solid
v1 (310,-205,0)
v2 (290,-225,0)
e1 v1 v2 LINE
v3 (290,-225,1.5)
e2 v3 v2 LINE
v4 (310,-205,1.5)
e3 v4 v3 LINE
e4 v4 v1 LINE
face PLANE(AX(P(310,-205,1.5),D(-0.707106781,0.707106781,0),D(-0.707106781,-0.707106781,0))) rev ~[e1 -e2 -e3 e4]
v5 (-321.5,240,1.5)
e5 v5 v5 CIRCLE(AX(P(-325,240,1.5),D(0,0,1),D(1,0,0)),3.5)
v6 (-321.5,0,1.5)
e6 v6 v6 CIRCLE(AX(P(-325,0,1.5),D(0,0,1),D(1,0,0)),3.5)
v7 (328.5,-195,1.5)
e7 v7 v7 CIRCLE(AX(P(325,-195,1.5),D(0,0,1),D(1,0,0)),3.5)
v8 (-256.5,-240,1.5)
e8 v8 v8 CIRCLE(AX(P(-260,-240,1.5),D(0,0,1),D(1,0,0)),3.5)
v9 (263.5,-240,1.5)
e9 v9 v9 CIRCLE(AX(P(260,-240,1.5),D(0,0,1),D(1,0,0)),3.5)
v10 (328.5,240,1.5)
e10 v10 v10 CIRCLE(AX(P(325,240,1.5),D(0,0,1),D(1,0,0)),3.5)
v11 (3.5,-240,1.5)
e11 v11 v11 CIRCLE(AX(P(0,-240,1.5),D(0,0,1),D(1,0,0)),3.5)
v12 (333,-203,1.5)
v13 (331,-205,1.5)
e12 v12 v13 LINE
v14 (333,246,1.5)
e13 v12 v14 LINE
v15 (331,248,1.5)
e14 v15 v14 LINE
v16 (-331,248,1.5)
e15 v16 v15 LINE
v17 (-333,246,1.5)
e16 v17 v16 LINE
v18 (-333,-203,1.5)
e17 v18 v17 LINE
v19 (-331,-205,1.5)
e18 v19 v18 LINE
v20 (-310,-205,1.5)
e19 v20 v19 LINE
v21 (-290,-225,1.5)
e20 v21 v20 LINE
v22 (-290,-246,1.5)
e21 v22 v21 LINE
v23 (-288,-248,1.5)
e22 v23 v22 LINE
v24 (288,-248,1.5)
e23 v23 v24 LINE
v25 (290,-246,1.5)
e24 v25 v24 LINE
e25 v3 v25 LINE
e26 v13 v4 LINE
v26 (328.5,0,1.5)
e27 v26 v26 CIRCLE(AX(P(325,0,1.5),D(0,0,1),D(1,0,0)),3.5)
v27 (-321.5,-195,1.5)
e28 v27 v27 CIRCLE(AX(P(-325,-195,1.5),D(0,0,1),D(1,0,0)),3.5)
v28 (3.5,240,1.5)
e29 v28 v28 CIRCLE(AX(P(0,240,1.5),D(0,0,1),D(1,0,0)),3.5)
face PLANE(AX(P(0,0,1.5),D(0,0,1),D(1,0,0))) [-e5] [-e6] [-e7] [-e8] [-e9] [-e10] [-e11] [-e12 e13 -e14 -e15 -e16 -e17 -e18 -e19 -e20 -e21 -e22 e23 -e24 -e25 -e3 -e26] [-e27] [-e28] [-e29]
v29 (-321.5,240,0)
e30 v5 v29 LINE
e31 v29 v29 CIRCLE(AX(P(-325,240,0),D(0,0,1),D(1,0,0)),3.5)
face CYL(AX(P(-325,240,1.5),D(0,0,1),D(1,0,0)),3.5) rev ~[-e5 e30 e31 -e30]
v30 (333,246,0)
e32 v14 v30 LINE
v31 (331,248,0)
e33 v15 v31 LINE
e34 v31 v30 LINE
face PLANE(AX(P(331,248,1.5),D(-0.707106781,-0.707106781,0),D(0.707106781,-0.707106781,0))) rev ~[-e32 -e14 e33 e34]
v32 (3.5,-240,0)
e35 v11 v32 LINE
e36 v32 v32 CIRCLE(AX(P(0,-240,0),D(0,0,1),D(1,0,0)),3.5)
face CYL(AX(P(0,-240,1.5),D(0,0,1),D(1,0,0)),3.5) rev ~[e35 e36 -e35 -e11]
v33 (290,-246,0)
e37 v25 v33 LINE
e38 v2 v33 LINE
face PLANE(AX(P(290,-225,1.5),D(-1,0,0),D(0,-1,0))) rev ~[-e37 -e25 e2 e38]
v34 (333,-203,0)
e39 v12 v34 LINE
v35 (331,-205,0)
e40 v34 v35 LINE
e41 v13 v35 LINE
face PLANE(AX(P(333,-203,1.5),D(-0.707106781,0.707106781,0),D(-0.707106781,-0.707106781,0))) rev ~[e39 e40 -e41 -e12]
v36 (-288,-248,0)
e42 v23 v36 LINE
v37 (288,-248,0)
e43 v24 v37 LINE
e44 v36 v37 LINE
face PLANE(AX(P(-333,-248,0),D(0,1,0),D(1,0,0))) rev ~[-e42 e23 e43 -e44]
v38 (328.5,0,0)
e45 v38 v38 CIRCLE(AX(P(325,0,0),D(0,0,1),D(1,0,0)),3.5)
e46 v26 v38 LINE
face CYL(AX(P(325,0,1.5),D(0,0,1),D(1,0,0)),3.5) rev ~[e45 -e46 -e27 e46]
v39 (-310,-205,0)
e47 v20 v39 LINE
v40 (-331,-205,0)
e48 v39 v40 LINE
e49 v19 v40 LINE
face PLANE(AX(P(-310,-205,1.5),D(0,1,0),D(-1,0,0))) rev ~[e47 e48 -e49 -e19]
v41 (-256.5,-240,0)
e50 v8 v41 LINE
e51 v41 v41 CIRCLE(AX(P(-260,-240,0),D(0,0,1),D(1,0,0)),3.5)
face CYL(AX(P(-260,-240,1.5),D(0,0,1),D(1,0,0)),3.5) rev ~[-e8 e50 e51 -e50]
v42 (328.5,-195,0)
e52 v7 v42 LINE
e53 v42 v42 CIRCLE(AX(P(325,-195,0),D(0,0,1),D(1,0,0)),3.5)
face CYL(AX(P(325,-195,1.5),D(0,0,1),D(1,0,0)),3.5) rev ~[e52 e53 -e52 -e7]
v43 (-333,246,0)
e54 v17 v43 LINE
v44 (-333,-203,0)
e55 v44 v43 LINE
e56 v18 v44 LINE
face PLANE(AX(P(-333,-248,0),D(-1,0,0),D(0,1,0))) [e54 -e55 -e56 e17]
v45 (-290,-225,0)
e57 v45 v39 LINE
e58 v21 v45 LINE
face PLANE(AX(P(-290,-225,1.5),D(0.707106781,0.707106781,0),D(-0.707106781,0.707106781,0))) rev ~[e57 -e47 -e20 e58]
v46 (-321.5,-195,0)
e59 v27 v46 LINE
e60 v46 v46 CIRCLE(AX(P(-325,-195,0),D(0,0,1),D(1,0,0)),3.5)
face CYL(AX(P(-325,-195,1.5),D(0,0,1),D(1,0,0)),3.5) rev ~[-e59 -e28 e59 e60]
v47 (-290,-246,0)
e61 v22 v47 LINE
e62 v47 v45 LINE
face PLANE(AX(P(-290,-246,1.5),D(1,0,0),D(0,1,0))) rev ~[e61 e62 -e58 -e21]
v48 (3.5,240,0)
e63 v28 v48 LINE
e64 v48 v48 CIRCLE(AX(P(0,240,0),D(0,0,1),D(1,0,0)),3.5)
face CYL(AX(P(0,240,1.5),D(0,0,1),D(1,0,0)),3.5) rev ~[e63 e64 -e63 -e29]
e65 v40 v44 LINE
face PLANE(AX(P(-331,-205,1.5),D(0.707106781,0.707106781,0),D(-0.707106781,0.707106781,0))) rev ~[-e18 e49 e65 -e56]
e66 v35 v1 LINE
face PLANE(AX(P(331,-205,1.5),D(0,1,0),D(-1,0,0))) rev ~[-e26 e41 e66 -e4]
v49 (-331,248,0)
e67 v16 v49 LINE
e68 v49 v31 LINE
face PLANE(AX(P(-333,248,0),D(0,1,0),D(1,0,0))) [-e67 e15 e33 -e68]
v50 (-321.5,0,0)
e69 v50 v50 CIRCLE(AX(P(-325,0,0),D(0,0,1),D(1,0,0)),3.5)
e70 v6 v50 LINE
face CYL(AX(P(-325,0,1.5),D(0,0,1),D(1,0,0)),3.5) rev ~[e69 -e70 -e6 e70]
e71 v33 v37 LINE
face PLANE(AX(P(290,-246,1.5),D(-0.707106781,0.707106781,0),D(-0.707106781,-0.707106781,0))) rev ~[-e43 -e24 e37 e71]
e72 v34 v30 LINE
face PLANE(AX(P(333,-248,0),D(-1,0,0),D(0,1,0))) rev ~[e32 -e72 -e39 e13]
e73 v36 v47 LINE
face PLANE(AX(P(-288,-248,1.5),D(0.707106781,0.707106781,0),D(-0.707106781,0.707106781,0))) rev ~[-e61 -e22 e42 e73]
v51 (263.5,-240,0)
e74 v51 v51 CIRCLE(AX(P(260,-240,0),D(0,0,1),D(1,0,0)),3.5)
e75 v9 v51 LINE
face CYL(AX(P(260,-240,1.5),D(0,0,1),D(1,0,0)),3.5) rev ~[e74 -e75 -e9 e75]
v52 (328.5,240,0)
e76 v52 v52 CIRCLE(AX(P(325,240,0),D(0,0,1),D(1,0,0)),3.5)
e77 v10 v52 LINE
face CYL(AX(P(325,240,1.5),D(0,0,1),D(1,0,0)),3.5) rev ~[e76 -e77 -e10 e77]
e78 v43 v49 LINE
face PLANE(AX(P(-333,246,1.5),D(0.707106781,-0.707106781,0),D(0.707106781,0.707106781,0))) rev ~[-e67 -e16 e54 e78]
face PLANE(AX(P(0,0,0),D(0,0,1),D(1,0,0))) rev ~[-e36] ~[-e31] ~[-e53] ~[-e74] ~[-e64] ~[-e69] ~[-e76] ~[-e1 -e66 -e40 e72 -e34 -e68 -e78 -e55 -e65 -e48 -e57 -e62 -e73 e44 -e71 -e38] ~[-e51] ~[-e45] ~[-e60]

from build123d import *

# Parameters (mm, degrees)
F0_W     = 666
F0_H     = 496
F1_DEPTH = 1.5
F2_R     = 3.5
F3_DEPTH = 1.5
F6_DEPTH = 1.5


with BuildPart() as f1:
    # F0 (on Top) → F1 (new body)
    with BuildSketch(Plane.XY):
        Rectangle(F0_W, F0_H)
    extrude(amount=F1_DEPTH)

    # F2 (on face) → F3 (cut, through all)
    with BuildSketch(Plane.XY.offset(1.5)):
        with Locations((-325, 240)):
            Circle(F2_R)
        with Locations((0, 240)):
            Circle(F2_R)
        with Locations((325, 240)):
            Circle(F2_R)
        with Locations((325, 0)):
            Circle(F2_R)
        with Locations((325, -195)):
            Circle(F2_R)
        with Locations((260, -240)):
            Circle(F2_R)
        with Locations((-260, -240)):
            Circle(F2_R)
        with Locations((-325, -195)):
            Circle(F2_R)
        with Locations((-325, 0)):
            Circle(F2_R)
        with Locations((0, -240)):
            Circle(F2_R)
    extrude(amount=-F3_DEPTH, mode=Mode.SUBTRACT)

    # F5 (on face) → F6 (cut, through all)
    with BuildSketch(Plane.XY.offset(1.5)):
        Polygon((-331, 248), (-333, 248), (-333, 246), align=None)
        Polygon((-333, -205), (-333, -248), (-290, -248), (-288, -248), (-290, -246), (-290, -225), (-310, -205), (-331, -205), (-333, -203), align=None)
        Polygon((333, 248), (331, 248), (333, 246), align=None)
        Polygon((333, -205), (333, -203), (331, -205), (310, -205), (290, -225), (290, -246), (288, -248), (290, -248), (333, -248), align=None)
    extrude(amount=-F6_DEPTH, mode=Mode.SUBTRACT)


solid = f1.part
